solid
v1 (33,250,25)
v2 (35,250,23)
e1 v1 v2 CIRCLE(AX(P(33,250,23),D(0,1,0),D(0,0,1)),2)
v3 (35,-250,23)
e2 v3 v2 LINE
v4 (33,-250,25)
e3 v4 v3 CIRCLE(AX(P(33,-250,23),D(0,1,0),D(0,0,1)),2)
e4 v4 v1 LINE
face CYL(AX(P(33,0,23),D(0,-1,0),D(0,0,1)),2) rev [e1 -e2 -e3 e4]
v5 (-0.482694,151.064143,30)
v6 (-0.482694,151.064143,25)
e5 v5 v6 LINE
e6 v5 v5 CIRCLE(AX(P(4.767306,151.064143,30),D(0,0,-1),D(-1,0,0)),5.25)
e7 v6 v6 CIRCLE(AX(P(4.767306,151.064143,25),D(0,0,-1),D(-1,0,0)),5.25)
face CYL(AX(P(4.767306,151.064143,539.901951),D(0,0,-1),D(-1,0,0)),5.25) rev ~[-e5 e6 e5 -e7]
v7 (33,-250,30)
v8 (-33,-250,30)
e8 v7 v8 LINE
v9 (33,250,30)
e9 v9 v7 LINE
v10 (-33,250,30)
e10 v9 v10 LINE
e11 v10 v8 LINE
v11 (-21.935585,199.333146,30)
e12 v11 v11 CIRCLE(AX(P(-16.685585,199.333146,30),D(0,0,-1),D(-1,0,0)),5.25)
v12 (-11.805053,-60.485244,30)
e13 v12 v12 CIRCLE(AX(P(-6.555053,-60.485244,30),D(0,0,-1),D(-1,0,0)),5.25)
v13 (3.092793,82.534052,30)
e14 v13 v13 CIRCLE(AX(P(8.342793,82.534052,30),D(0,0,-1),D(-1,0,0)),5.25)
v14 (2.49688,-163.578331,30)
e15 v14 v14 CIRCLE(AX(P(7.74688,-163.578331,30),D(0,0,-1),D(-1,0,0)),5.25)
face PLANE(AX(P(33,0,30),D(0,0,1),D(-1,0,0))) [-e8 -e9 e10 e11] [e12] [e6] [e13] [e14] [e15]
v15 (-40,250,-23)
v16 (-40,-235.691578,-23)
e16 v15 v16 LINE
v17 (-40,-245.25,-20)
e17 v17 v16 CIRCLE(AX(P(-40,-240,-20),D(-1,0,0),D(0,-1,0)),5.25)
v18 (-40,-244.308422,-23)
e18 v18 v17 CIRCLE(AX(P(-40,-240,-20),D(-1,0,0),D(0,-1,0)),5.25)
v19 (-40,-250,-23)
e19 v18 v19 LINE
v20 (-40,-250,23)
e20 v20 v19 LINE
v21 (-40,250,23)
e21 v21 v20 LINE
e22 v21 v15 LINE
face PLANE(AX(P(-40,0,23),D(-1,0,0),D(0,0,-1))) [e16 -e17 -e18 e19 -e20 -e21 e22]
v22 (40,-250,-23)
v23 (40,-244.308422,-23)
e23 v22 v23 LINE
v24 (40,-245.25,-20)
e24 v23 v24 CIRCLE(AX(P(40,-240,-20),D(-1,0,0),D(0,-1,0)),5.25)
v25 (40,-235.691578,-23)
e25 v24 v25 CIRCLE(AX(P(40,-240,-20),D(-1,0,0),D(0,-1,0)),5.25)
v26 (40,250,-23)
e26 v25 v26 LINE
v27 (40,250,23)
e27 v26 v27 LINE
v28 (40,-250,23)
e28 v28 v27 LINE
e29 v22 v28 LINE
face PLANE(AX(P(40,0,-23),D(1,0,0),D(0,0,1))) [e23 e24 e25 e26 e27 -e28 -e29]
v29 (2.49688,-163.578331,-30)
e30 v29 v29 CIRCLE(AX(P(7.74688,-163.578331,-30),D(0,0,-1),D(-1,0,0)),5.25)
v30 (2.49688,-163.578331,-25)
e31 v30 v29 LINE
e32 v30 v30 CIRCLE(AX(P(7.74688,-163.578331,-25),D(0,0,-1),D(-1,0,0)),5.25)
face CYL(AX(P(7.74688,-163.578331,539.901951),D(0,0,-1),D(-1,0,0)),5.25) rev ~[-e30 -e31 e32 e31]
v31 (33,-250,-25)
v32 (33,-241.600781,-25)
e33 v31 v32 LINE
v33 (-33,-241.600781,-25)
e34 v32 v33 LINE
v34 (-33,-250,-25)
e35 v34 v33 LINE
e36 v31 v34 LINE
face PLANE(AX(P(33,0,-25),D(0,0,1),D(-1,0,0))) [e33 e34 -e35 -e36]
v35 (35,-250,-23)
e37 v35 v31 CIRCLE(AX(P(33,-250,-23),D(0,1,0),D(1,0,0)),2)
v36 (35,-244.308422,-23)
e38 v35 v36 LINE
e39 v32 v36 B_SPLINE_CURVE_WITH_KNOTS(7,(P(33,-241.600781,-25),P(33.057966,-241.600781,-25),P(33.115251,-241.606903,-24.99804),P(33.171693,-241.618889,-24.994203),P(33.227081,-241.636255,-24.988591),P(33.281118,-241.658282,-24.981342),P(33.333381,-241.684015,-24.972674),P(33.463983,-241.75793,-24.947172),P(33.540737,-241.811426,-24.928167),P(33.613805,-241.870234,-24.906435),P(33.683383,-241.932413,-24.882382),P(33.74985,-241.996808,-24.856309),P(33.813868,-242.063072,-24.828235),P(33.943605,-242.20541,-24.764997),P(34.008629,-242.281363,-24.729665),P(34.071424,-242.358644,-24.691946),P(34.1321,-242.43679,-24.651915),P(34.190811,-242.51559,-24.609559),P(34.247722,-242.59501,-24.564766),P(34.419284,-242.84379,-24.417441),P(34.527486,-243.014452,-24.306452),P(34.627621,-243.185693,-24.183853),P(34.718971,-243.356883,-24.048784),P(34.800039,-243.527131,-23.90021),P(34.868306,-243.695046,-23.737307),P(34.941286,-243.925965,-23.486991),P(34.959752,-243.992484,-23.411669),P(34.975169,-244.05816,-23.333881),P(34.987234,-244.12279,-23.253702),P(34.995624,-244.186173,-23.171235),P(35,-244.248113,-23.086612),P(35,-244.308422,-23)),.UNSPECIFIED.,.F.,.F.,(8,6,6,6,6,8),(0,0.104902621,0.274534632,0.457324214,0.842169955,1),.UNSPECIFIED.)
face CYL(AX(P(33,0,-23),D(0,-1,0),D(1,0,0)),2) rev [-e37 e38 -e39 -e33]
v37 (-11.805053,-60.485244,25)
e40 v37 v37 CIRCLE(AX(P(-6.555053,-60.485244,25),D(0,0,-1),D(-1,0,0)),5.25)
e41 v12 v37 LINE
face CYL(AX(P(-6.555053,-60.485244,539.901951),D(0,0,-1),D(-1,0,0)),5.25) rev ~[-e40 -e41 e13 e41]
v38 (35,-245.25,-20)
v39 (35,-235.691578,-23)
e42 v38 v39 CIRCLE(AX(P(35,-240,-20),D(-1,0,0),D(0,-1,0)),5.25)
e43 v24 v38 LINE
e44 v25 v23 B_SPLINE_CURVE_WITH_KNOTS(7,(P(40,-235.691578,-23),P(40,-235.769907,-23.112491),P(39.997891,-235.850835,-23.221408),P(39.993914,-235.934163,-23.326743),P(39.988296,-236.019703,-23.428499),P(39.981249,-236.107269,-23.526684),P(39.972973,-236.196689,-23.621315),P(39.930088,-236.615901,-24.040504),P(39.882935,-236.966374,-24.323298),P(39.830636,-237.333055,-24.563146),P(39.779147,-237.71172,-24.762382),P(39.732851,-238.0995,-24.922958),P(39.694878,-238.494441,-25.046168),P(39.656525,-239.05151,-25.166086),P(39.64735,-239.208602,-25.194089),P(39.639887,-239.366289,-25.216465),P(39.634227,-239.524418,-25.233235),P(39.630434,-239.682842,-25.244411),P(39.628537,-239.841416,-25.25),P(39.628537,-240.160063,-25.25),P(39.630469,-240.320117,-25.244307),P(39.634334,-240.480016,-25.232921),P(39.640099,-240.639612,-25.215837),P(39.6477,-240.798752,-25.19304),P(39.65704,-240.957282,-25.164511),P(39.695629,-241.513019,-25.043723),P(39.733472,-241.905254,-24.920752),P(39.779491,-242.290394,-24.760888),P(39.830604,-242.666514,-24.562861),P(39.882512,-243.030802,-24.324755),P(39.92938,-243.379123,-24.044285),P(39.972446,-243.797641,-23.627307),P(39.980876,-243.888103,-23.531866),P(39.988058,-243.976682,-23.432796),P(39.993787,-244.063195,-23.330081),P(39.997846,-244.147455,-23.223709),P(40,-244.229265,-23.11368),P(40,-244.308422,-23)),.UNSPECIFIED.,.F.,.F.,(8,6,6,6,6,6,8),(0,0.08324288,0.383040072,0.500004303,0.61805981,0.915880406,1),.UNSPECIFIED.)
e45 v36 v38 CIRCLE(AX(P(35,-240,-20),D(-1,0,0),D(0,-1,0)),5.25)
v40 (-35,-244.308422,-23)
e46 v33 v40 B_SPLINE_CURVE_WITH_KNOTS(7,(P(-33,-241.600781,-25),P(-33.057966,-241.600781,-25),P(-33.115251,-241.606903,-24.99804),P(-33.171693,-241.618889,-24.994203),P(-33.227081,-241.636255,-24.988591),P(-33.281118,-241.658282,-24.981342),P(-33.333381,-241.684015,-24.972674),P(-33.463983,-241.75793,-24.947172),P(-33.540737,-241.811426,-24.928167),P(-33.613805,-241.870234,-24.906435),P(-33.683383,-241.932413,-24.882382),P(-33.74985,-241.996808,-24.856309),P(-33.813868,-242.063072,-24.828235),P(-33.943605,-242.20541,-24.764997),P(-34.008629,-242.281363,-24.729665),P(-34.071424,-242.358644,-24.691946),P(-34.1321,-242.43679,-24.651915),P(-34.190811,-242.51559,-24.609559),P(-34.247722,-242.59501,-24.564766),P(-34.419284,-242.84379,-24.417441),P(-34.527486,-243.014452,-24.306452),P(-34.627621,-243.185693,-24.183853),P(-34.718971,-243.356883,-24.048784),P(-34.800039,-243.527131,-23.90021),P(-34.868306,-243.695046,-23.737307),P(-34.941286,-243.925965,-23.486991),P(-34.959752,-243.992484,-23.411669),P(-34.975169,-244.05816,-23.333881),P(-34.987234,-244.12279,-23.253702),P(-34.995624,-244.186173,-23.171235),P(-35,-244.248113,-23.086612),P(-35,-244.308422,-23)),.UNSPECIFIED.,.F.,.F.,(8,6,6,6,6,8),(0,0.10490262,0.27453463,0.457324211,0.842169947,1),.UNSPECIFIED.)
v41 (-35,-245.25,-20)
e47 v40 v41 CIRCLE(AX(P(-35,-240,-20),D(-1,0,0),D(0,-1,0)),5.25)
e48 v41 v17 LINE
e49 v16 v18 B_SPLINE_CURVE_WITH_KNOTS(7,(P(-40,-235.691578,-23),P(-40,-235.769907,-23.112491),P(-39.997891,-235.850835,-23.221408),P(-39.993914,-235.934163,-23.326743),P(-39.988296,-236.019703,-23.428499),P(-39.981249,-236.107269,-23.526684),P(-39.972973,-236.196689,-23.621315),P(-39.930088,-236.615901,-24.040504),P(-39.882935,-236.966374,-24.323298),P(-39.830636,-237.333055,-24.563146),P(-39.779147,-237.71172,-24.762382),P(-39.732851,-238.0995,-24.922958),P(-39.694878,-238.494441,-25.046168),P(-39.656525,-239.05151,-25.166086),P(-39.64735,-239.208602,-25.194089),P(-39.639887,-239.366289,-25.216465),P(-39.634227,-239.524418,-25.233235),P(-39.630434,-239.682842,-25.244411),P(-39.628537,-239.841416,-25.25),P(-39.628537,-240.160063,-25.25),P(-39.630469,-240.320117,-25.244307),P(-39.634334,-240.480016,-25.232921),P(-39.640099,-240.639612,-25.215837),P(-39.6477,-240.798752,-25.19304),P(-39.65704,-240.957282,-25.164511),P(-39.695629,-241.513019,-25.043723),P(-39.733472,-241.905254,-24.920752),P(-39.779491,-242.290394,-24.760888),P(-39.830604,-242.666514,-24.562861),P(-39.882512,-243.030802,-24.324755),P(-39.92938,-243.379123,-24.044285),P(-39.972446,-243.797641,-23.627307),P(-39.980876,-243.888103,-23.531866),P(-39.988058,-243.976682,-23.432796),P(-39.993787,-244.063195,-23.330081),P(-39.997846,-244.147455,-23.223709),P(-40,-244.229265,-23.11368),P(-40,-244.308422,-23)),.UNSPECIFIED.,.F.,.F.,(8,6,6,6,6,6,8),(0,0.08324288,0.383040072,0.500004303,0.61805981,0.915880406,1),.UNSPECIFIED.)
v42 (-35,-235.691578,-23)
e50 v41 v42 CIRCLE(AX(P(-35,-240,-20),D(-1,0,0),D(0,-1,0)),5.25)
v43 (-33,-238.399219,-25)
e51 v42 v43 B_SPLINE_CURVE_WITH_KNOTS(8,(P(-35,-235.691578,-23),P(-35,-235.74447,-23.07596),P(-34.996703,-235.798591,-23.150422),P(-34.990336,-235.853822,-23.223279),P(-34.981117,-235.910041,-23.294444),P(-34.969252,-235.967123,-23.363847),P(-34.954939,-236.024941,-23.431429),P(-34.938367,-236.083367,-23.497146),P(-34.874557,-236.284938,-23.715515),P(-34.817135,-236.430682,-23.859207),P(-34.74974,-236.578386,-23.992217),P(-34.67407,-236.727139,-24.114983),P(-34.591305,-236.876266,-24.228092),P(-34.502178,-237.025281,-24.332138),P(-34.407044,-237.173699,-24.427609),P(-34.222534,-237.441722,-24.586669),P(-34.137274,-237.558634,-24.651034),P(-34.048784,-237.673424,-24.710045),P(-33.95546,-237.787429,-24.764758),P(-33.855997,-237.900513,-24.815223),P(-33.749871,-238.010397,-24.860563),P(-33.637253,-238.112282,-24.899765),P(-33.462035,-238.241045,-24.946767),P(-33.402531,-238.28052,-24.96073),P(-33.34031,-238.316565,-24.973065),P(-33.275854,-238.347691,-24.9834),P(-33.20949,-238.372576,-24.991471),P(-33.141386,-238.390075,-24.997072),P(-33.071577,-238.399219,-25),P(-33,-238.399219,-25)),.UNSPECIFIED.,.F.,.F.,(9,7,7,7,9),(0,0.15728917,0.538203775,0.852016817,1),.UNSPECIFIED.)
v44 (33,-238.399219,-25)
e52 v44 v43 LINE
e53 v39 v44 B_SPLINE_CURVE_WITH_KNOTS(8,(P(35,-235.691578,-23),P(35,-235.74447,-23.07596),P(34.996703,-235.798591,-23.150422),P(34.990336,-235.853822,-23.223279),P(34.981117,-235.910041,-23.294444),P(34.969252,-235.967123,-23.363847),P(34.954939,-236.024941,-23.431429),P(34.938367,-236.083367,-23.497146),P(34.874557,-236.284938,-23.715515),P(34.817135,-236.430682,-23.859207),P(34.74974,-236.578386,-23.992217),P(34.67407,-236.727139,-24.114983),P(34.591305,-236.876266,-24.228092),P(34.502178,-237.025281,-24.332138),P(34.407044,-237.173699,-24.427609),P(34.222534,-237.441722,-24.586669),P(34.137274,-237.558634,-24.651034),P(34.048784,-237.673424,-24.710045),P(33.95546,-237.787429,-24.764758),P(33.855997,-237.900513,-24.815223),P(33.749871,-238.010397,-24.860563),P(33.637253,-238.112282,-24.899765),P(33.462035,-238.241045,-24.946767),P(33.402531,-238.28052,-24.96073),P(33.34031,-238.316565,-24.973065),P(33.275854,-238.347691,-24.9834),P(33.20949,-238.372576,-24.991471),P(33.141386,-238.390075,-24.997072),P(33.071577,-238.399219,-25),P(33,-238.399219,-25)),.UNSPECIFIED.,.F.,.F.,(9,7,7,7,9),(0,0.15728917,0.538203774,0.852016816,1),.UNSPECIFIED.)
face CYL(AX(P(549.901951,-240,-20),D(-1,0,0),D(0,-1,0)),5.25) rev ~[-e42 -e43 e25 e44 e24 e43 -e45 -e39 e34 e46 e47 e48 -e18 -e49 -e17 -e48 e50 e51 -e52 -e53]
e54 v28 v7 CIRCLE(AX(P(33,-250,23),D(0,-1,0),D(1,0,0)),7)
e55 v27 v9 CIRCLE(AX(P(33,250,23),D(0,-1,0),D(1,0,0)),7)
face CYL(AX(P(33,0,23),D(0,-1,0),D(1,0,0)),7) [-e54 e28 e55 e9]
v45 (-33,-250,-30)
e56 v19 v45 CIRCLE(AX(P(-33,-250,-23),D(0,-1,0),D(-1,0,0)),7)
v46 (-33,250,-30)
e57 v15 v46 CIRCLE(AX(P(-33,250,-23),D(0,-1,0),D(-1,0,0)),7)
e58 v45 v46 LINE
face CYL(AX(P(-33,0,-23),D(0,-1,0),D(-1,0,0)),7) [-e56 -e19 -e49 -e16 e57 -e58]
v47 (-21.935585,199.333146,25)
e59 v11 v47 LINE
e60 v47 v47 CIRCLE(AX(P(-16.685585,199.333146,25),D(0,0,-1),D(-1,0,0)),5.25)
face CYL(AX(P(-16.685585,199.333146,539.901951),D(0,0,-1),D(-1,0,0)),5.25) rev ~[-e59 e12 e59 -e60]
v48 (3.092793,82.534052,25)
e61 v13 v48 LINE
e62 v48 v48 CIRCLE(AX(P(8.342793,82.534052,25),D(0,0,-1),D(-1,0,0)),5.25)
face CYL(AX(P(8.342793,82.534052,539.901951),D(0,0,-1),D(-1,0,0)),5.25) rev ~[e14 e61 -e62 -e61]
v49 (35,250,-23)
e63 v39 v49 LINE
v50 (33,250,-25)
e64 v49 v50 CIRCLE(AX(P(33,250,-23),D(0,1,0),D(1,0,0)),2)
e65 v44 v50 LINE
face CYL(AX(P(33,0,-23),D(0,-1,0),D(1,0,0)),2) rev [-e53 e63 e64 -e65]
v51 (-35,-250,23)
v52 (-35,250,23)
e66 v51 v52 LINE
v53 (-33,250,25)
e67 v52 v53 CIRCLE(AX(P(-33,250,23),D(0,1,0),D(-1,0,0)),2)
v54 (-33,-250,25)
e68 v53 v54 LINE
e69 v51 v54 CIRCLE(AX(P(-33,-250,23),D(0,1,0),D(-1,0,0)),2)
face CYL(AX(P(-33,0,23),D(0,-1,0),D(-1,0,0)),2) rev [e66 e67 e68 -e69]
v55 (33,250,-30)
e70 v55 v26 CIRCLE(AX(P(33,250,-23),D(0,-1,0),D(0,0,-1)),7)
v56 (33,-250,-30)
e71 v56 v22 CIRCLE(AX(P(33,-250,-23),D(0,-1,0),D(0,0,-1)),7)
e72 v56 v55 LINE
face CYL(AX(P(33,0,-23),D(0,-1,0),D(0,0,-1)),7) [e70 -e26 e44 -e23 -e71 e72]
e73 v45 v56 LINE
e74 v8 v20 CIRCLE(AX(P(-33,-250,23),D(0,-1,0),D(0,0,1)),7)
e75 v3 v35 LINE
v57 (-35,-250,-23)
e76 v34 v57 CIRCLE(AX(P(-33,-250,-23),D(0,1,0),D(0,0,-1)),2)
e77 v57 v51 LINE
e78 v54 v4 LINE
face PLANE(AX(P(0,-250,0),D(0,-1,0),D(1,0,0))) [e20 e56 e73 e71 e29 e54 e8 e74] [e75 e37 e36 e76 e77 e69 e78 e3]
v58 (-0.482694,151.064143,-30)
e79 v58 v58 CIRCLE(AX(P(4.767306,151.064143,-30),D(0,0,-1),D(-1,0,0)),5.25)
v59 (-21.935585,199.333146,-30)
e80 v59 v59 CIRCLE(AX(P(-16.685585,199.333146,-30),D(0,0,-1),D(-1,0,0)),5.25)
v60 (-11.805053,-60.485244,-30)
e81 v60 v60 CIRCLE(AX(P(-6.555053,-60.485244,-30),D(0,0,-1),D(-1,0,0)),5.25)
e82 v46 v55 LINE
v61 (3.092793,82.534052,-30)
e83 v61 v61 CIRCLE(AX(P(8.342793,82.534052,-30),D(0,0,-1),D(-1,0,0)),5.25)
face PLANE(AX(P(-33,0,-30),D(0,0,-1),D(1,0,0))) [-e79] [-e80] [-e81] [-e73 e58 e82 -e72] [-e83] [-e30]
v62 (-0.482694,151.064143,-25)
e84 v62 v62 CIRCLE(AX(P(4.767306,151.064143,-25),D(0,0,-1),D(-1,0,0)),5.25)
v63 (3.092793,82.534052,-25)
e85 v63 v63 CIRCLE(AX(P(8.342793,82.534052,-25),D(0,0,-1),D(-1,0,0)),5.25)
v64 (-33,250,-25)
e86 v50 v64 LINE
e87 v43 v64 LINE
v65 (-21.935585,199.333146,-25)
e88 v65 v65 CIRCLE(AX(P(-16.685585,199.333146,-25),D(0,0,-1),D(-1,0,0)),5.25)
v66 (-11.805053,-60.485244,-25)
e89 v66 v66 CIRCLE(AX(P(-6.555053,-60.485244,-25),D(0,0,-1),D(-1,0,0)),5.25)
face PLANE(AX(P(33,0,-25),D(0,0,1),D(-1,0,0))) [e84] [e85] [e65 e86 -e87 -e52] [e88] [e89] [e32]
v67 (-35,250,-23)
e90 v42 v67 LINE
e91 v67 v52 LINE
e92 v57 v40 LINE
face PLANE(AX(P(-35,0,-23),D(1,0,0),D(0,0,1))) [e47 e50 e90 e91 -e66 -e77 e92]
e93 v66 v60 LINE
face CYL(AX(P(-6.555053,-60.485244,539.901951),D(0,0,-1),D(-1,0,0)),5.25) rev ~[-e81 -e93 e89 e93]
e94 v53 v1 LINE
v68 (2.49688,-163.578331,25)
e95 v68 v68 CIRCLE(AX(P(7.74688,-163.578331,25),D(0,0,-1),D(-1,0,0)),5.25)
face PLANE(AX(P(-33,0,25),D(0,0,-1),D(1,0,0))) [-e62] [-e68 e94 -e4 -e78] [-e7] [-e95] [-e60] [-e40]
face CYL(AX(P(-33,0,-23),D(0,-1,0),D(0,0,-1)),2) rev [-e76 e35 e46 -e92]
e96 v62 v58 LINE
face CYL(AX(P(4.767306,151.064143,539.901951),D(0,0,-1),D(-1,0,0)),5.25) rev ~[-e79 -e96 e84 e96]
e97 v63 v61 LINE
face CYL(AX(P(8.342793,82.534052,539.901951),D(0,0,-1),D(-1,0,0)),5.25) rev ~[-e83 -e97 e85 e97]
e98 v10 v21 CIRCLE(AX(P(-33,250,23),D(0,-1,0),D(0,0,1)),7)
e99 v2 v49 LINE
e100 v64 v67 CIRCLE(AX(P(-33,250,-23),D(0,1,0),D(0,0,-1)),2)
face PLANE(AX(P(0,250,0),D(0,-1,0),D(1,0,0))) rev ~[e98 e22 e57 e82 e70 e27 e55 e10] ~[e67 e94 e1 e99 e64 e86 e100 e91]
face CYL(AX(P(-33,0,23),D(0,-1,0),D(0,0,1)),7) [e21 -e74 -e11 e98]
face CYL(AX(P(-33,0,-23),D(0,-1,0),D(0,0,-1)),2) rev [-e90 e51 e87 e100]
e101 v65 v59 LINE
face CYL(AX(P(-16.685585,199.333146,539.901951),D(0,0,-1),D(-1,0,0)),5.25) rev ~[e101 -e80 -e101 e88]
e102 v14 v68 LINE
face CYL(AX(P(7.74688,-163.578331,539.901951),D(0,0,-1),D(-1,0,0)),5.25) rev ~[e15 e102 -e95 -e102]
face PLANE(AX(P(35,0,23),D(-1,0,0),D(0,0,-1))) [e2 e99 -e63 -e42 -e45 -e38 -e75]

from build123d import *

# Parameters (mm, degrees)
F1_DEPTH = 250
F4_D     = 10.5
F6_D     = 10.5


with BuildPart() as f1:
    # F0 (on Front) → F1 (new body, symmetric)
    with BuildSketch(Plane.XZ):
        with BuildLine():
            ThreePointArc((40, 23), (37.9497474683, 27.9497474683), (33, 30))
            Line((33, 30), (-33, 30))
            ThreePointArc((-33, 30), (-37.9497474683, 27.9497474683), (-40, 23))
            Line((-40, 23), (-40, -23))
            ThreePointArc((-40, -23), (-37.9497474683, -27.9497474683), (-33, -30))
            Line((-33, -30), (33, -30))
            ThreePointArc((33, -30), (37.9497474683, -27.9497474683), (40, -23))
            Line((40, -23), (40, 23))
        make_face()
        with BuildLine():
            Line((-33, 25), (33, 25))
            ThreePointArc((33, 25), (34.4142135624, 24.4142135624), (35, 23))
            Line((35, 23), (35, -23))
            ThreePointArc((35, -23), (34.4142135624, -24.4142135624), (33, -25))
            Line((33, -25), (-33, -25))
            ThreePointArc((-33, -25), (-34.4142135624, -24.4142135624), (-35, -23))
            Line((-35, -23), (-35, 23))
            ThreePointArc((-35, 23), (-34.4142135624, 24.4142135624), (-33, 25))
        make_face(mode=Mode.SUBTRACT)
    extrude(amount=F1_DEPTH, both=True)

    # F4 (through all)
    with Locations(Plane.XY.offset(30)):
        with Locations((7.7468804084, -163.5783314705), (-6.5550529398, -60.4852437973), (8.3427932113, 82.5340524316), (4.7673056833, 151.0641425848), (-16.68558456, 199.3331462145)):
            Hole(F4_D / 2)

    # F6 (through all)
    with Locations(Plane.YZ.offset(40)):
        with Locations((-240, -20)):
            Hole(F6_D / 2)


solid = f1.part
